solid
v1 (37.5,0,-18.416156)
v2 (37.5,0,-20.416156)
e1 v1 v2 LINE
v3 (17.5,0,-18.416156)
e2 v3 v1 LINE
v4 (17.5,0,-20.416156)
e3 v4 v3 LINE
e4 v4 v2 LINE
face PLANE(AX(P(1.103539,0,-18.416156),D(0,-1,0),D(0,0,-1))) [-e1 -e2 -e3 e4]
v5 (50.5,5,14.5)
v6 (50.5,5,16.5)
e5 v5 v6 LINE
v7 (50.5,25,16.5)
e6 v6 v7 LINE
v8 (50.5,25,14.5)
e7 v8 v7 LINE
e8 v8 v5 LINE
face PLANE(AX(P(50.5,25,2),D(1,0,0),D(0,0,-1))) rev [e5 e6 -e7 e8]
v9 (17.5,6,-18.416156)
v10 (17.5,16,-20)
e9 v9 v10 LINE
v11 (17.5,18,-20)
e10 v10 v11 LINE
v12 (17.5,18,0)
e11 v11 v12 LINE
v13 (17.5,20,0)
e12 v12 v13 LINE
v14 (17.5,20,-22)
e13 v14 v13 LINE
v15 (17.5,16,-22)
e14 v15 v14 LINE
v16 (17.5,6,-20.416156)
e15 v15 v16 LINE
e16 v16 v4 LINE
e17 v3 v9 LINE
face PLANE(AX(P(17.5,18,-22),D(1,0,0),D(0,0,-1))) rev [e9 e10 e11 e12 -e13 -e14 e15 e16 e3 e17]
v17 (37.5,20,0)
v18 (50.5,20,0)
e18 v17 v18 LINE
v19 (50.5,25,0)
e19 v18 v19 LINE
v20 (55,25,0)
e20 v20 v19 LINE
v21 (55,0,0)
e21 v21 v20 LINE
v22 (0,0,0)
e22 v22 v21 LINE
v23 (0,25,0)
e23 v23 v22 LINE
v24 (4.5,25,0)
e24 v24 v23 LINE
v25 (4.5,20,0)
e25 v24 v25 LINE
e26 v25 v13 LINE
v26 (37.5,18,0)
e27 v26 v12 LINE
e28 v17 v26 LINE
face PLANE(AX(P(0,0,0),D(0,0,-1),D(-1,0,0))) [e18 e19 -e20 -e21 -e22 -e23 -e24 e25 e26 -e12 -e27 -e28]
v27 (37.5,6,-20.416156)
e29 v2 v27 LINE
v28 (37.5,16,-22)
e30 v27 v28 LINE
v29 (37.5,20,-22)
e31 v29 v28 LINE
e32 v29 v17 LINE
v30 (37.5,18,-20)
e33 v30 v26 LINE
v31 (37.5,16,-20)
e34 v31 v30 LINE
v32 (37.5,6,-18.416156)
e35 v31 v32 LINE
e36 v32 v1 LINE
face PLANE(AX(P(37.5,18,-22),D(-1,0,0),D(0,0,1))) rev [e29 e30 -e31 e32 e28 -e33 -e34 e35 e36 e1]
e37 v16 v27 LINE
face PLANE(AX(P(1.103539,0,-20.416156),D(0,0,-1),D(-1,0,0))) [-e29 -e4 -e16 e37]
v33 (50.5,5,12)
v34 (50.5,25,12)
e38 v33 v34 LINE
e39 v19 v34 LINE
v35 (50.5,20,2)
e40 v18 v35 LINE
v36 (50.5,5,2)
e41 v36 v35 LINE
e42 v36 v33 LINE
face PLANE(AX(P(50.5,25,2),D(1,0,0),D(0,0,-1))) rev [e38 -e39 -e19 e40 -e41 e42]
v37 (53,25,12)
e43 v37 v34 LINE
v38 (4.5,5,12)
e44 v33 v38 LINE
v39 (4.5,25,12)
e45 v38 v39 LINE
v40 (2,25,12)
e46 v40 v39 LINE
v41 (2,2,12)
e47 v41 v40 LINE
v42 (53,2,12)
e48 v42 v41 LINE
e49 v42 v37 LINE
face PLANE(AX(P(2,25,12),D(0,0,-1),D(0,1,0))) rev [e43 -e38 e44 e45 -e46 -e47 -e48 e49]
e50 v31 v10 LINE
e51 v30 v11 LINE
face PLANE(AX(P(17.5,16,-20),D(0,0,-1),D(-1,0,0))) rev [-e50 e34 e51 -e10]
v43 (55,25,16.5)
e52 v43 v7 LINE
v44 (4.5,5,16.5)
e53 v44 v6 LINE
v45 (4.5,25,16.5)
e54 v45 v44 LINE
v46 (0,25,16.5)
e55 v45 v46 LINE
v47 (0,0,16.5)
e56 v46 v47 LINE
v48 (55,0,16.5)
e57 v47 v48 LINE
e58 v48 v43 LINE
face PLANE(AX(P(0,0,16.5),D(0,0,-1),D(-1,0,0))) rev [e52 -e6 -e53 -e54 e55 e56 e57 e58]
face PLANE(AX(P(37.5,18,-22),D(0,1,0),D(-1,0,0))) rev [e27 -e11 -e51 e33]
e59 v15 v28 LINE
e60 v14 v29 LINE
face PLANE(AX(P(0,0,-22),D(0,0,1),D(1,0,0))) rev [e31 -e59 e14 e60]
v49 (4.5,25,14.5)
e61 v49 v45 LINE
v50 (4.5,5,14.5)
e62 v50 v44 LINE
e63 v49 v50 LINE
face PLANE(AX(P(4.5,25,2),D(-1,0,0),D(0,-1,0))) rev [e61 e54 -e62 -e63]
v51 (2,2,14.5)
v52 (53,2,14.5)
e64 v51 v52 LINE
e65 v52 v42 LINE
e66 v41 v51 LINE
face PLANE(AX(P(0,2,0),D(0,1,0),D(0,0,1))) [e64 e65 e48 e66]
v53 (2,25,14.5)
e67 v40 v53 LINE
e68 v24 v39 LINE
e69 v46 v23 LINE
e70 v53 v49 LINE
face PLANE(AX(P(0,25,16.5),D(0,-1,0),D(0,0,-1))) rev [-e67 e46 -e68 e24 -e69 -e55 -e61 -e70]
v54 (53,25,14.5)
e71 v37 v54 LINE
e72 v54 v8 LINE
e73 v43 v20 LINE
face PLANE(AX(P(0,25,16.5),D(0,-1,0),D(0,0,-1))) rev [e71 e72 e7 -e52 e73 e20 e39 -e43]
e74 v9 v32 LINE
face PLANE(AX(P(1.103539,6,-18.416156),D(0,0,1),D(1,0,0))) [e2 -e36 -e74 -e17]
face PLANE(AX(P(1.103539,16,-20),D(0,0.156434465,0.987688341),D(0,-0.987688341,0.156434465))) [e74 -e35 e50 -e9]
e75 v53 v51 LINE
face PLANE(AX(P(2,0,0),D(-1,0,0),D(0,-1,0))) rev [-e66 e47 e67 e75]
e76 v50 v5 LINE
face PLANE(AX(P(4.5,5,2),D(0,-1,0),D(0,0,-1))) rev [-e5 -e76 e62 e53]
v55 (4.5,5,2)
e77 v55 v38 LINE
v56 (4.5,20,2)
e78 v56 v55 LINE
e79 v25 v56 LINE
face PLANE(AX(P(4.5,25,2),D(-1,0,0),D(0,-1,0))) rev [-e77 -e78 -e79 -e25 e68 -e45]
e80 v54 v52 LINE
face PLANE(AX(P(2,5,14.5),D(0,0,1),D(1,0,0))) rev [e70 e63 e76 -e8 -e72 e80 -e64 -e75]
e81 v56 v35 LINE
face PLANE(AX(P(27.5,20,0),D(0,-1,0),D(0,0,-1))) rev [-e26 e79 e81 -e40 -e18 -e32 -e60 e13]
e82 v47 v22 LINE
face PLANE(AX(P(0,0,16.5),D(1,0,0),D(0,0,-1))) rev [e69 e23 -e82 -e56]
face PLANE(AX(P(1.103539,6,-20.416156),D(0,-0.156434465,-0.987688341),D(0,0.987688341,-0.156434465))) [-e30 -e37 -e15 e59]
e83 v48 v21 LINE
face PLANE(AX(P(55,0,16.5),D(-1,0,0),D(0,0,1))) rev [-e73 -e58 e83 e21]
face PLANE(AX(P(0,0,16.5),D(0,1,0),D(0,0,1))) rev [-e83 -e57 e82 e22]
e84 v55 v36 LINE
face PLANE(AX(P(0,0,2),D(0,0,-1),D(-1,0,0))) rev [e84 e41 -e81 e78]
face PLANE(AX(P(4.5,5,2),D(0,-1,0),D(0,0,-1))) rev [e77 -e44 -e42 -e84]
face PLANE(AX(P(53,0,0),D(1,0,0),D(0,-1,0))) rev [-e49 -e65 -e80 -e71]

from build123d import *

# Parameters (mm, degrees)
SKETCH1_W           = 55
SKETCH1_H           = 25
BOSS_EXTRUDE1_DEPTH = 16.5
SKETCH2_W           = 46
SKETCH2_H           = 20
CUT_EXTRUDE1_DEPTH  = 14.5
SKETCH3_W           = 2.5
SKETCH3_H           = 20
CUT_EXTRUDE2_DEPTH  = 2.5
CUT_EXTRUDE3_DEPTH  = 3
CUT_EXTRUDE4_DEPTH  = 63.130910182
SKETCH8_W           = 20
SKETCH8_H           = 2
BOSS_EXTRUDE2_DEPTH = 22
SKETCH9_W           = 20
SKETCH9_H           = 2
BOSS_EXTRUDE3_DEPTH = 2
BOSS_EXTRUDE4_DEPTH = 20


with BuildPart() as part:
    # Sketch1 → Boss-Extrude1 (new body)
    with BuildSketch(Plane.XY):
        with Locations((27.5, 12.5)):
            Rectangle(SKETCH1_W, SKETCH1_H)
    extrude(amount=BOSS_EXTRUDE1_DEPTH)

    # Sketch2 → Cut-Extrude1 (cut)
    with BuildSketch(Plane.XY.offset(16.5)):
        with Locations((27.5, 15)):
            Rectangle(SKETCH2_W, SKETCH2_H)
    extrude(amount=-CUT_EXTRUDE1_DEPTH, mode=Mode.SUBTRACT)

    # Sketch3 → Cut-Extrude2 (cut)
    with BuildSketch(Plane(origin=(4.5, 0, 0), x_dir=(0, 0, -1), z_dir=(1, 0, 0))):
        with Locations((-13.25, 15)):
            Rectangle(SKETCH3_W, SKETCH3_H)
    cut_extrude2 = extrude(amount=-CUT_EXTRUDE2_DEPTH, mode=Mode.SUBTRACT)

    # Mirror1: Cut-Extrude2 across plane
    add(cut_extrude2.mirror(Plane(origin=(27.5, 0, 0), x_dir=(0, 0, 1), z_dir=(1, 0, 0))), mode=Mode.SUBTRACT)

    # Sketch4 → Cut-Extrude3 (cut)
    with BuildSketch(Plane(origin=(0, 5, 0), x_dir=(1, 0, 0), z_dir=(0, 1, 0))):
        Polygon((4.5, -12), (50.5, -12), (53, -12), (53, -14.5), (50.5, -14.5), (4.5, -14.5), (2, -14.5), (2, -12), align=None)
    extrude(amount=-CUT_EXTRUDE3_DEPTH, mode=Mode.SUBTRACT)

    # Sketch6 → Cut-Extrude4 (cut, through all)
    with BuildSketch(Plane.XY.offset(2)):
        Polygon((27.5, 20), (4.5, 20), (4.5, 25), (50.5, 25), (50.5, 20), align=None)
    extrude(amount=-CUT_EXTRUDE4_DEPTH, mode=Mode.SUBTRACT)

    # Sketch8 → Boss-Extrude2 (add)
    with BuildSketch(Plane(origin=(0, 0, 0), x_dir=(-1, 0, 0), z_dir=(0, 0, -1))):
        with Locations((-27.5, 19)):
            Rectangle(SKETCH8_W, SKETCH8_H)
    extrude(amount=BOSS_EXTRUDE2_DEPTH)

    # Sketch9 → Boss-Extrude3 (add)
    with BuildSketch(Plane.XZ.offset(-18)):
        with Locations((27.5, -21)):
            Rectangle(SKETCH9_W, SKETCH9_H)
    extrude(amount=BOSS_EXTRUDE3_DEPTH)

    # Sketch10 → Boss-Extrude4 (add)
    with BuildSketch(Plane(origin=(37.5, 0, 0), x_dir=(0, 0, -1), z_dir=(1, 0, 0))):
        Polygon((20, 16), (18.416155597, 6), (18.416155597, 0), (20.416155597, 0), (20.416155597, 6), (22, 16), align=None)
    extrude(amount=-BOSS_EXTRUDE4_DEPTH)


solid = part.part
